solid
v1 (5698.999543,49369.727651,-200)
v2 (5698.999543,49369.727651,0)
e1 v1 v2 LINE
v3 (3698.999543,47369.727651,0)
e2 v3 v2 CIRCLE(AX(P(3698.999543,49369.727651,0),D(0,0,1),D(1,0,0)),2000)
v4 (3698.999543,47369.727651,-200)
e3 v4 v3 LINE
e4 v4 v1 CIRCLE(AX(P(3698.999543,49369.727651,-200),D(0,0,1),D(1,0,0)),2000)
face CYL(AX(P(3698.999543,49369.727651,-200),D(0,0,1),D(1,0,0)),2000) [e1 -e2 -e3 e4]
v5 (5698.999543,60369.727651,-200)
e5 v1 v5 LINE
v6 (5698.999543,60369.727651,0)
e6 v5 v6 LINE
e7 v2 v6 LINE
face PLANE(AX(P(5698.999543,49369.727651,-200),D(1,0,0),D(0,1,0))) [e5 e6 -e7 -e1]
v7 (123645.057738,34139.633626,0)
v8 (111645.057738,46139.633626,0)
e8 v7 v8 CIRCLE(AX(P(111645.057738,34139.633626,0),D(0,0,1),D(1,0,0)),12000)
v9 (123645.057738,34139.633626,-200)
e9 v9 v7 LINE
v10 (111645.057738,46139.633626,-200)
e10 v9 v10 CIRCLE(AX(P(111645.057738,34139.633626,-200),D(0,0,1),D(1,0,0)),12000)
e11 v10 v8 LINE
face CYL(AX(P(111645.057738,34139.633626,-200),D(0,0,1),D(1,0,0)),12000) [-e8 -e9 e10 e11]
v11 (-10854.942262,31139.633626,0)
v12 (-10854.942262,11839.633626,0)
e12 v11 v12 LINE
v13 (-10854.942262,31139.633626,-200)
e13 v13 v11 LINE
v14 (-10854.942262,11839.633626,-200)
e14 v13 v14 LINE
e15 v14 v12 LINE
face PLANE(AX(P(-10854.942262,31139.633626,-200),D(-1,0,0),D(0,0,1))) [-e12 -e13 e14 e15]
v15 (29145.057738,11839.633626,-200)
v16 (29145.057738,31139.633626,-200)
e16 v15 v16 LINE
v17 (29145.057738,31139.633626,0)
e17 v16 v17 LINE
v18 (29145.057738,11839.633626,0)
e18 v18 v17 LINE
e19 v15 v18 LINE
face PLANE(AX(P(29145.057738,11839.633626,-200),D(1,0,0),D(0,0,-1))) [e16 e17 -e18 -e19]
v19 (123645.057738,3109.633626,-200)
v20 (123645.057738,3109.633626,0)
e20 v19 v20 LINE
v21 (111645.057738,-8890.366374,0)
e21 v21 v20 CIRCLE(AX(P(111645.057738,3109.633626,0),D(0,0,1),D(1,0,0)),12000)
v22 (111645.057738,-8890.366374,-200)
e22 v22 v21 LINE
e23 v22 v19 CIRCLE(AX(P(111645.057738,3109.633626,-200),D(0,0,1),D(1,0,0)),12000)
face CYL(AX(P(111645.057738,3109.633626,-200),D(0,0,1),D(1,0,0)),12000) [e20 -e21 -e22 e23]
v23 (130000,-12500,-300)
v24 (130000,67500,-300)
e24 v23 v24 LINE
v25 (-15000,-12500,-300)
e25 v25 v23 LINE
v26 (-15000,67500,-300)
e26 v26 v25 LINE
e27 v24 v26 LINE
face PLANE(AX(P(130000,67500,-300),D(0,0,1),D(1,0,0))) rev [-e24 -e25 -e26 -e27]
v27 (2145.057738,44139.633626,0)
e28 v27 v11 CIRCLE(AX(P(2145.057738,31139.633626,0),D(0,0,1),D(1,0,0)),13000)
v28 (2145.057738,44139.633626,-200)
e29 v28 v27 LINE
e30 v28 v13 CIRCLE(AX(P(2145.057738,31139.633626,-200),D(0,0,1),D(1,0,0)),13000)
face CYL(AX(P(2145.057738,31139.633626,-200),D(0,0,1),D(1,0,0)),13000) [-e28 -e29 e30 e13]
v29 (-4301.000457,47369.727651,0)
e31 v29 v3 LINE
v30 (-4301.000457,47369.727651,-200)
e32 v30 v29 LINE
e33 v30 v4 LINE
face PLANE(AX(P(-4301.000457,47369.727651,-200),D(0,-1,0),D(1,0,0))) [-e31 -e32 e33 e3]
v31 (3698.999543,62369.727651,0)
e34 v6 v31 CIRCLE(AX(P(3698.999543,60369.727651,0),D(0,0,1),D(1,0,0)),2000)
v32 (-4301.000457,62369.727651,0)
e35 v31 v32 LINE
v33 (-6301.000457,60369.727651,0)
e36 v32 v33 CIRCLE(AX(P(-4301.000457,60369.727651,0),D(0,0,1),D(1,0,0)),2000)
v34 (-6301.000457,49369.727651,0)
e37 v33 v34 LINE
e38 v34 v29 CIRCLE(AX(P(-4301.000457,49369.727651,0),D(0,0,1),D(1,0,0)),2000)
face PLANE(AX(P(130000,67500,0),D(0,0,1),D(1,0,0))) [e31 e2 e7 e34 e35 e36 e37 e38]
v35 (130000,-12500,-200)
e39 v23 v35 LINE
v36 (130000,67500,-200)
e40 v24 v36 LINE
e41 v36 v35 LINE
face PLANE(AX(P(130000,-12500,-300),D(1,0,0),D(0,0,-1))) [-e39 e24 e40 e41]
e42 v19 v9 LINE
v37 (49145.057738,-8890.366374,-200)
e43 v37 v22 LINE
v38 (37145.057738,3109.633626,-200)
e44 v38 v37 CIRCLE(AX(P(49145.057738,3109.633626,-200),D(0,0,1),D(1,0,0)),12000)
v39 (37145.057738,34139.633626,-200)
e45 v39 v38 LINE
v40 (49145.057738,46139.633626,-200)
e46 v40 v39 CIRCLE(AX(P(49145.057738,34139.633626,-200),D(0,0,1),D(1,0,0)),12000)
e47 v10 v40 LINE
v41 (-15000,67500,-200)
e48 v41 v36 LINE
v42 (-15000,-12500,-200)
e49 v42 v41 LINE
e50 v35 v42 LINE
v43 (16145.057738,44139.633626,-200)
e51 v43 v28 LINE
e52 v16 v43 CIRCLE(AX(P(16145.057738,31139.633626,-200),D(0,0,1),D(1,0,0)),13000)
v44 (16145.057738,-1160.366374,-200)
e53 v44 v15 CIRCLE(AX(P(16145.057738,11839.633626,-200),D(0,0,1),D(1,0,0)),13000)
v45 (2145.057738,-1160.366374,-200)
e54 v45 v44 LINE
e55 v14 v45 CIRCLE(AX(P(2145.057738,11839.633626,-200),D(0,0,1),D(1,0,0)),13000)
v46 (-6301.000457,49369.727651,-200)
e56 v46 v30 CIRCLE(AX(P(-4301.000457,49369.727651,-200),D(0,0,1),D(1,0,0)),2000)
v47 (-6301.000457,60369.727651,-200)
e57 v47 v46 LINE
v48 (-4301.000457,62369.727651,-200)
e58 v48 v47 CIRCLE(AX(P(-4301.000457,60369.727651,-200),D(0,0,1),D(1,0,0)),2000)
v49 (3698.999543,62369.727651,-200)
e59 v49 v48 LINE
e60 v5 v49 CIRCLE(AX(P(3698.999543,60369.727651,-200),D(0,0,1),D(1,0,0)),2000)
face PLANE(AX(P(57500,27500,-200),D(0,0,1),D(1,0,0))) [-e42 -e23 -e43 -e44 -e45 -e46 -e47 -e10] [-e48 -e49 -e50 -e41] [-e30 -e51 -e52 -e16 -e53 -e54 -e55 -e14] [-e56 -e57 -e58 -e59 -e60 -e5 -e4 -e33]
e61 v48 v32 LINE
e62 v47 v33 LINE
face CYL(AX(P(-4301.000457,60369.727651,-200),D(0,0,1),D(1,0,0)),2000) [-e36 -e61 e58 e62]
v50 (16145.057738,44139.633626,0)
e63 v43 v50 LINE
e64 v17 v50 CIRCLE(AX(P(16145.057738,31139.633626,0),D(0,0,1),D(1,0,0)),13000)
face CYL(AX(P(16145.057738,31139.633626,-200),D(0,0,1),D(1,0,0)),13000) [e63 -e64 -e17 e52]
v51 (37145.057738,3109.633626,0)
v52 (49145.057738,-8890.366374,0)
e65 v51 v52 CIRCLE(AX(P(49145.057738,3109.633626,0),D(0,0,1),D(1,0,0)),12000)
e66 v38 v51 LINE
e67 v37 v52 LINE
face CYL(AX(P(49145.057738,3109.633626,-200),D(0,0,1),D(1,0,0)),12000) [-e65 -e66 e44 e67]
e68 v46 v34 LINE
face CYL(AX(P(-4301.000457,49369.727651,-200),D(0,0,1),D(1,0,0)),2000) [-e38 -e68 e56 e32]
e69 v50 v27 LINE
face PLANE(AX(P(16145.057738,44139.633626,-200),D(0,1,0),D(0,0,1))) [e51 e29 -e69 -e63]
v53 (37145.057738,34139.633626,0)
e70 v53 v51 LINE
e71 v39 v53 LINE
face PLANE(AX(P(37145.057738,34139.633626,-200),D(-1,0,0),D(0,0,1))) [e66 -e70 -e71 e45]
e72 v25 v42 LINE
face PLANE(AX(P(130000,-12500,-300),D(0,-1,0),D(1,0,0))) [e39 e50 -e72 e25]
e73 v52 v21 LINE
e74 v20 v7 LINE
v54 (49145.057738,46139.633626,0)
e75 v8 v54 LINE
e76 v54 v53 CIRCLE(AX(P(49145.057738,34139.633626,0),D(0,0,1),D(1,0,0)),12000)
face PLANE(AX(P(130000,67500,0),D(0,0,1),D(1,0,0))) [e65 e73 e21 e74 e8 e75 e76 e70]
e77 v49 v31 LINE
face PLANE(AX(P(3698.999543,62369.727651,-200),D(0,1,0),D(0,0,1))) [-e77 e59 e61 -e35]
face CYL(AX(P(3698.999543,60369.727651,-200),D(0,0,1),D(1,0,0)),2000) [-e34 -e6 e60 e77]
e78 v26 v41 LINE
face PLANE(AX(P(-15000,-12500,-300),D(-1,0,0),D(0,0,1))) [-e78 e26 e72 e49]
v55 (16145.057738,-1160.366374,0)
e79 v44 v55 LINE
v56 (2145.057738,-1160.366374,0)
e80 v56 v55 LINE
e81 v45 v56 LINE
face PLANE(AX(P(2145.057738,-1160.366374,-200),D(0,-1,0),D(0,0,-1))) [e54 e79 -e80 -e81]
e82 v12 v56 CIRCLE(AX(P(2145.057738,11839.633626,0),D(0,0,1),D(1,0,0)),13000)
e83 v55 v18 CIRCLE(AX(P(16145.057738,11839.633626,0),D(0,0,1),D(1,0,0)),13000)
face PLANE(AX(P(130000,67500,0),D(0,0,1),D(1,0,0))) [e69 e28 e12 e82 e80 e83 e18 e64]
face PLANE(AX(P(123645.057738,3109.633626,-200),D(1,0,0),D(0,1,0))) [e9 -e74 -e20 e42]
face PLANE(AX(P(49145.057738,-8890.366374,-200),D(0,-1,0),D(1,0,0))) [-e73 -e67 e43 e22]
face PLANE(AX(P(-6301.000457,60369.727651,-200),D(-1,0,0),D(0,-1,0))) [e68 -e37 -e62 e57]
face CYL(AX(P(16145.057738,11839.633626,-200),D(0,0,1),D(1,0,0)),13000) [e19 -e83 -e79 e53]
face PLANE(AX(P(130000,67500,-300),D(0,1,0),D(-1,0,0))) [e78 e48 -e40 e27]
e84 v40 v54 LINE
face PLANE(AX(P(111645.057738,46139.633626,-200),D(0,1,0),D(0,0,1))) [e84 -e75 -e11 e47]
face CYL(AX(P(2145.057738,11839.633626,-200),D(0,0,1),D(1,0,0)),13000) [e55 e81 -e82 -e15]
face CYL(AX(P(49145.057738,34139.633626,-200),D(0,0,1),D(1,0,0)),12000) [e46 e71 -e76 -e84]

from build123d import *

# Parameters (mm, degrees)
SKETCH1_W          = 145000
SKETCH1_H          = 80000
EXTRUDE1_DEPTH     = 300
SKETCH2_OUTSIDE_W  = 178123.044
SKETCH2_OUTSIDE_H  = 113123.044
CUT_EXTRUDE1_DEPTH = 200


with BuildPart() as part:
    # Sketch1 → Extrude1 (new body)
    with BuildSketch(Plane.XY):
        with Locations((57500, 27500)):
            Rectangle(SKETCH1_W, SKETCH1_H)
    extrude(amount=-EXTRUDE1_DEPTH)

    # Sketch2 outside → Cut-Extrude1 (cut)
    with BuildSketch(Plane.XY):
        with Locations((57500, 27500)):
            Rectangle(SKETCH2_OUTSIDE_W, SKETCH2_OUTSIDE_H)
        with BuildLine():
            Line((37145.057737679, 34139.633625626), (37145.057737679, 3109.633625626))
            ThreePointArc((37145.057737679, 3109.633625626), (40659.77636344, -5375.647748613), (49145.057737679, -8890.366374374))
            Line((49145.057737679, -8890.366374374), (111645.057737679, -8890.366374374))
            ThreePointArc((111645.057737679, -8890.366374374), (120130.339111917, -5375.647748613), (123645.057737679, 3109.633625626))
            Line((123645.057737679, 3109.633625626), (123645.057737679, 34139.633625626))
            ThreePointArc((123645.057737679, 34139.633625626), (120130.339111917, 42624.914999864), (111645.057737679, 46139.633625626))
            Line((111645.057737679, 46139.633625626), (49145.057737679, 46139.633625626))
            ThreePointArc((49145.057737679, 46139.633625626), (40659.77636344, 42624.914999864), (37145.057737679, 34139.633625626))
        make_face(mode=Mode.SUBTRACT)
        with BuildLine():
            Line((16145.057737679, 44139.633625626), (2145.057737679, 44139.633625626))
            ThreePointArc((2145.057737679, 44139.633625626), (-7047.330417747, 40332.021781051), (-10854.942262321, 31139.633625626))
            Line((-10854.942262321, 31139.633625626), (-10854.942262321, 11839.633625626))
            ThreePointArc((-10854.942262321, 11839.633625626), (-7047.330417747, 2647.245470201), (2145.057737679, -1160.366374374))
            Line((2145.057737679, -1160.366374374), (16145.057737679, -1160.366374374))
            ThreePointArc((16145.057737679, -1160.366374374), (25337.445893104, 2647.245470201), (29145.057737679, 11839.633625626))
            Line((29145.057737679, 11839.633625626), (29145.057737679, 31139.633625626))
            ThreePointArc((29145.057737679, 31139.633625626), (25337.445893104, 40332.021781051), (16145.057737679, 44139.633625626))
        make_face(mode=Mode.SUBTRACT)
        with BuildLine():
            Line((-6301.000457401, 60369.727650707), (-6301.000457401, 49369.727650707))
            ThreePointArc((-6301.000457401, 49369.727650707), (-5715.214019774, 47955.514088334), (-4301.000457401, 47369.727650707))
            Line((-4301.000457401, 47369.727650707), (3698.999542599, 47369.727650707))
            ThreePointArc((3698.999542599, 47369.727650707), (5113.213104972, 47955.514088334), (5698.999542599, 49369.727650707))
            Line((5698.999542599, 49369.727650707), (5698.999542599, 60369.727650707))
            ThreePointArc((5698.999542599, 60369.727650707), (5113.213104972, 61783.941213081), (3698.999542599, 62369.727650707))
            Line((3698.999542599, 62369.727650707), (-4301.000457401, 62369.727650707))
            ThreePointArc((-4301.000457401, 62369.727650707), (-5715.214019774, 61783.941213081), (-6301.000457401, 60369.727650707))
        make_face(mode=Mode.SUBTRACT)
    extrude(amount=-CUT_EXTRUDE1_DEPTH, mode=Mode.SUBTRACT)


solid = part.part
